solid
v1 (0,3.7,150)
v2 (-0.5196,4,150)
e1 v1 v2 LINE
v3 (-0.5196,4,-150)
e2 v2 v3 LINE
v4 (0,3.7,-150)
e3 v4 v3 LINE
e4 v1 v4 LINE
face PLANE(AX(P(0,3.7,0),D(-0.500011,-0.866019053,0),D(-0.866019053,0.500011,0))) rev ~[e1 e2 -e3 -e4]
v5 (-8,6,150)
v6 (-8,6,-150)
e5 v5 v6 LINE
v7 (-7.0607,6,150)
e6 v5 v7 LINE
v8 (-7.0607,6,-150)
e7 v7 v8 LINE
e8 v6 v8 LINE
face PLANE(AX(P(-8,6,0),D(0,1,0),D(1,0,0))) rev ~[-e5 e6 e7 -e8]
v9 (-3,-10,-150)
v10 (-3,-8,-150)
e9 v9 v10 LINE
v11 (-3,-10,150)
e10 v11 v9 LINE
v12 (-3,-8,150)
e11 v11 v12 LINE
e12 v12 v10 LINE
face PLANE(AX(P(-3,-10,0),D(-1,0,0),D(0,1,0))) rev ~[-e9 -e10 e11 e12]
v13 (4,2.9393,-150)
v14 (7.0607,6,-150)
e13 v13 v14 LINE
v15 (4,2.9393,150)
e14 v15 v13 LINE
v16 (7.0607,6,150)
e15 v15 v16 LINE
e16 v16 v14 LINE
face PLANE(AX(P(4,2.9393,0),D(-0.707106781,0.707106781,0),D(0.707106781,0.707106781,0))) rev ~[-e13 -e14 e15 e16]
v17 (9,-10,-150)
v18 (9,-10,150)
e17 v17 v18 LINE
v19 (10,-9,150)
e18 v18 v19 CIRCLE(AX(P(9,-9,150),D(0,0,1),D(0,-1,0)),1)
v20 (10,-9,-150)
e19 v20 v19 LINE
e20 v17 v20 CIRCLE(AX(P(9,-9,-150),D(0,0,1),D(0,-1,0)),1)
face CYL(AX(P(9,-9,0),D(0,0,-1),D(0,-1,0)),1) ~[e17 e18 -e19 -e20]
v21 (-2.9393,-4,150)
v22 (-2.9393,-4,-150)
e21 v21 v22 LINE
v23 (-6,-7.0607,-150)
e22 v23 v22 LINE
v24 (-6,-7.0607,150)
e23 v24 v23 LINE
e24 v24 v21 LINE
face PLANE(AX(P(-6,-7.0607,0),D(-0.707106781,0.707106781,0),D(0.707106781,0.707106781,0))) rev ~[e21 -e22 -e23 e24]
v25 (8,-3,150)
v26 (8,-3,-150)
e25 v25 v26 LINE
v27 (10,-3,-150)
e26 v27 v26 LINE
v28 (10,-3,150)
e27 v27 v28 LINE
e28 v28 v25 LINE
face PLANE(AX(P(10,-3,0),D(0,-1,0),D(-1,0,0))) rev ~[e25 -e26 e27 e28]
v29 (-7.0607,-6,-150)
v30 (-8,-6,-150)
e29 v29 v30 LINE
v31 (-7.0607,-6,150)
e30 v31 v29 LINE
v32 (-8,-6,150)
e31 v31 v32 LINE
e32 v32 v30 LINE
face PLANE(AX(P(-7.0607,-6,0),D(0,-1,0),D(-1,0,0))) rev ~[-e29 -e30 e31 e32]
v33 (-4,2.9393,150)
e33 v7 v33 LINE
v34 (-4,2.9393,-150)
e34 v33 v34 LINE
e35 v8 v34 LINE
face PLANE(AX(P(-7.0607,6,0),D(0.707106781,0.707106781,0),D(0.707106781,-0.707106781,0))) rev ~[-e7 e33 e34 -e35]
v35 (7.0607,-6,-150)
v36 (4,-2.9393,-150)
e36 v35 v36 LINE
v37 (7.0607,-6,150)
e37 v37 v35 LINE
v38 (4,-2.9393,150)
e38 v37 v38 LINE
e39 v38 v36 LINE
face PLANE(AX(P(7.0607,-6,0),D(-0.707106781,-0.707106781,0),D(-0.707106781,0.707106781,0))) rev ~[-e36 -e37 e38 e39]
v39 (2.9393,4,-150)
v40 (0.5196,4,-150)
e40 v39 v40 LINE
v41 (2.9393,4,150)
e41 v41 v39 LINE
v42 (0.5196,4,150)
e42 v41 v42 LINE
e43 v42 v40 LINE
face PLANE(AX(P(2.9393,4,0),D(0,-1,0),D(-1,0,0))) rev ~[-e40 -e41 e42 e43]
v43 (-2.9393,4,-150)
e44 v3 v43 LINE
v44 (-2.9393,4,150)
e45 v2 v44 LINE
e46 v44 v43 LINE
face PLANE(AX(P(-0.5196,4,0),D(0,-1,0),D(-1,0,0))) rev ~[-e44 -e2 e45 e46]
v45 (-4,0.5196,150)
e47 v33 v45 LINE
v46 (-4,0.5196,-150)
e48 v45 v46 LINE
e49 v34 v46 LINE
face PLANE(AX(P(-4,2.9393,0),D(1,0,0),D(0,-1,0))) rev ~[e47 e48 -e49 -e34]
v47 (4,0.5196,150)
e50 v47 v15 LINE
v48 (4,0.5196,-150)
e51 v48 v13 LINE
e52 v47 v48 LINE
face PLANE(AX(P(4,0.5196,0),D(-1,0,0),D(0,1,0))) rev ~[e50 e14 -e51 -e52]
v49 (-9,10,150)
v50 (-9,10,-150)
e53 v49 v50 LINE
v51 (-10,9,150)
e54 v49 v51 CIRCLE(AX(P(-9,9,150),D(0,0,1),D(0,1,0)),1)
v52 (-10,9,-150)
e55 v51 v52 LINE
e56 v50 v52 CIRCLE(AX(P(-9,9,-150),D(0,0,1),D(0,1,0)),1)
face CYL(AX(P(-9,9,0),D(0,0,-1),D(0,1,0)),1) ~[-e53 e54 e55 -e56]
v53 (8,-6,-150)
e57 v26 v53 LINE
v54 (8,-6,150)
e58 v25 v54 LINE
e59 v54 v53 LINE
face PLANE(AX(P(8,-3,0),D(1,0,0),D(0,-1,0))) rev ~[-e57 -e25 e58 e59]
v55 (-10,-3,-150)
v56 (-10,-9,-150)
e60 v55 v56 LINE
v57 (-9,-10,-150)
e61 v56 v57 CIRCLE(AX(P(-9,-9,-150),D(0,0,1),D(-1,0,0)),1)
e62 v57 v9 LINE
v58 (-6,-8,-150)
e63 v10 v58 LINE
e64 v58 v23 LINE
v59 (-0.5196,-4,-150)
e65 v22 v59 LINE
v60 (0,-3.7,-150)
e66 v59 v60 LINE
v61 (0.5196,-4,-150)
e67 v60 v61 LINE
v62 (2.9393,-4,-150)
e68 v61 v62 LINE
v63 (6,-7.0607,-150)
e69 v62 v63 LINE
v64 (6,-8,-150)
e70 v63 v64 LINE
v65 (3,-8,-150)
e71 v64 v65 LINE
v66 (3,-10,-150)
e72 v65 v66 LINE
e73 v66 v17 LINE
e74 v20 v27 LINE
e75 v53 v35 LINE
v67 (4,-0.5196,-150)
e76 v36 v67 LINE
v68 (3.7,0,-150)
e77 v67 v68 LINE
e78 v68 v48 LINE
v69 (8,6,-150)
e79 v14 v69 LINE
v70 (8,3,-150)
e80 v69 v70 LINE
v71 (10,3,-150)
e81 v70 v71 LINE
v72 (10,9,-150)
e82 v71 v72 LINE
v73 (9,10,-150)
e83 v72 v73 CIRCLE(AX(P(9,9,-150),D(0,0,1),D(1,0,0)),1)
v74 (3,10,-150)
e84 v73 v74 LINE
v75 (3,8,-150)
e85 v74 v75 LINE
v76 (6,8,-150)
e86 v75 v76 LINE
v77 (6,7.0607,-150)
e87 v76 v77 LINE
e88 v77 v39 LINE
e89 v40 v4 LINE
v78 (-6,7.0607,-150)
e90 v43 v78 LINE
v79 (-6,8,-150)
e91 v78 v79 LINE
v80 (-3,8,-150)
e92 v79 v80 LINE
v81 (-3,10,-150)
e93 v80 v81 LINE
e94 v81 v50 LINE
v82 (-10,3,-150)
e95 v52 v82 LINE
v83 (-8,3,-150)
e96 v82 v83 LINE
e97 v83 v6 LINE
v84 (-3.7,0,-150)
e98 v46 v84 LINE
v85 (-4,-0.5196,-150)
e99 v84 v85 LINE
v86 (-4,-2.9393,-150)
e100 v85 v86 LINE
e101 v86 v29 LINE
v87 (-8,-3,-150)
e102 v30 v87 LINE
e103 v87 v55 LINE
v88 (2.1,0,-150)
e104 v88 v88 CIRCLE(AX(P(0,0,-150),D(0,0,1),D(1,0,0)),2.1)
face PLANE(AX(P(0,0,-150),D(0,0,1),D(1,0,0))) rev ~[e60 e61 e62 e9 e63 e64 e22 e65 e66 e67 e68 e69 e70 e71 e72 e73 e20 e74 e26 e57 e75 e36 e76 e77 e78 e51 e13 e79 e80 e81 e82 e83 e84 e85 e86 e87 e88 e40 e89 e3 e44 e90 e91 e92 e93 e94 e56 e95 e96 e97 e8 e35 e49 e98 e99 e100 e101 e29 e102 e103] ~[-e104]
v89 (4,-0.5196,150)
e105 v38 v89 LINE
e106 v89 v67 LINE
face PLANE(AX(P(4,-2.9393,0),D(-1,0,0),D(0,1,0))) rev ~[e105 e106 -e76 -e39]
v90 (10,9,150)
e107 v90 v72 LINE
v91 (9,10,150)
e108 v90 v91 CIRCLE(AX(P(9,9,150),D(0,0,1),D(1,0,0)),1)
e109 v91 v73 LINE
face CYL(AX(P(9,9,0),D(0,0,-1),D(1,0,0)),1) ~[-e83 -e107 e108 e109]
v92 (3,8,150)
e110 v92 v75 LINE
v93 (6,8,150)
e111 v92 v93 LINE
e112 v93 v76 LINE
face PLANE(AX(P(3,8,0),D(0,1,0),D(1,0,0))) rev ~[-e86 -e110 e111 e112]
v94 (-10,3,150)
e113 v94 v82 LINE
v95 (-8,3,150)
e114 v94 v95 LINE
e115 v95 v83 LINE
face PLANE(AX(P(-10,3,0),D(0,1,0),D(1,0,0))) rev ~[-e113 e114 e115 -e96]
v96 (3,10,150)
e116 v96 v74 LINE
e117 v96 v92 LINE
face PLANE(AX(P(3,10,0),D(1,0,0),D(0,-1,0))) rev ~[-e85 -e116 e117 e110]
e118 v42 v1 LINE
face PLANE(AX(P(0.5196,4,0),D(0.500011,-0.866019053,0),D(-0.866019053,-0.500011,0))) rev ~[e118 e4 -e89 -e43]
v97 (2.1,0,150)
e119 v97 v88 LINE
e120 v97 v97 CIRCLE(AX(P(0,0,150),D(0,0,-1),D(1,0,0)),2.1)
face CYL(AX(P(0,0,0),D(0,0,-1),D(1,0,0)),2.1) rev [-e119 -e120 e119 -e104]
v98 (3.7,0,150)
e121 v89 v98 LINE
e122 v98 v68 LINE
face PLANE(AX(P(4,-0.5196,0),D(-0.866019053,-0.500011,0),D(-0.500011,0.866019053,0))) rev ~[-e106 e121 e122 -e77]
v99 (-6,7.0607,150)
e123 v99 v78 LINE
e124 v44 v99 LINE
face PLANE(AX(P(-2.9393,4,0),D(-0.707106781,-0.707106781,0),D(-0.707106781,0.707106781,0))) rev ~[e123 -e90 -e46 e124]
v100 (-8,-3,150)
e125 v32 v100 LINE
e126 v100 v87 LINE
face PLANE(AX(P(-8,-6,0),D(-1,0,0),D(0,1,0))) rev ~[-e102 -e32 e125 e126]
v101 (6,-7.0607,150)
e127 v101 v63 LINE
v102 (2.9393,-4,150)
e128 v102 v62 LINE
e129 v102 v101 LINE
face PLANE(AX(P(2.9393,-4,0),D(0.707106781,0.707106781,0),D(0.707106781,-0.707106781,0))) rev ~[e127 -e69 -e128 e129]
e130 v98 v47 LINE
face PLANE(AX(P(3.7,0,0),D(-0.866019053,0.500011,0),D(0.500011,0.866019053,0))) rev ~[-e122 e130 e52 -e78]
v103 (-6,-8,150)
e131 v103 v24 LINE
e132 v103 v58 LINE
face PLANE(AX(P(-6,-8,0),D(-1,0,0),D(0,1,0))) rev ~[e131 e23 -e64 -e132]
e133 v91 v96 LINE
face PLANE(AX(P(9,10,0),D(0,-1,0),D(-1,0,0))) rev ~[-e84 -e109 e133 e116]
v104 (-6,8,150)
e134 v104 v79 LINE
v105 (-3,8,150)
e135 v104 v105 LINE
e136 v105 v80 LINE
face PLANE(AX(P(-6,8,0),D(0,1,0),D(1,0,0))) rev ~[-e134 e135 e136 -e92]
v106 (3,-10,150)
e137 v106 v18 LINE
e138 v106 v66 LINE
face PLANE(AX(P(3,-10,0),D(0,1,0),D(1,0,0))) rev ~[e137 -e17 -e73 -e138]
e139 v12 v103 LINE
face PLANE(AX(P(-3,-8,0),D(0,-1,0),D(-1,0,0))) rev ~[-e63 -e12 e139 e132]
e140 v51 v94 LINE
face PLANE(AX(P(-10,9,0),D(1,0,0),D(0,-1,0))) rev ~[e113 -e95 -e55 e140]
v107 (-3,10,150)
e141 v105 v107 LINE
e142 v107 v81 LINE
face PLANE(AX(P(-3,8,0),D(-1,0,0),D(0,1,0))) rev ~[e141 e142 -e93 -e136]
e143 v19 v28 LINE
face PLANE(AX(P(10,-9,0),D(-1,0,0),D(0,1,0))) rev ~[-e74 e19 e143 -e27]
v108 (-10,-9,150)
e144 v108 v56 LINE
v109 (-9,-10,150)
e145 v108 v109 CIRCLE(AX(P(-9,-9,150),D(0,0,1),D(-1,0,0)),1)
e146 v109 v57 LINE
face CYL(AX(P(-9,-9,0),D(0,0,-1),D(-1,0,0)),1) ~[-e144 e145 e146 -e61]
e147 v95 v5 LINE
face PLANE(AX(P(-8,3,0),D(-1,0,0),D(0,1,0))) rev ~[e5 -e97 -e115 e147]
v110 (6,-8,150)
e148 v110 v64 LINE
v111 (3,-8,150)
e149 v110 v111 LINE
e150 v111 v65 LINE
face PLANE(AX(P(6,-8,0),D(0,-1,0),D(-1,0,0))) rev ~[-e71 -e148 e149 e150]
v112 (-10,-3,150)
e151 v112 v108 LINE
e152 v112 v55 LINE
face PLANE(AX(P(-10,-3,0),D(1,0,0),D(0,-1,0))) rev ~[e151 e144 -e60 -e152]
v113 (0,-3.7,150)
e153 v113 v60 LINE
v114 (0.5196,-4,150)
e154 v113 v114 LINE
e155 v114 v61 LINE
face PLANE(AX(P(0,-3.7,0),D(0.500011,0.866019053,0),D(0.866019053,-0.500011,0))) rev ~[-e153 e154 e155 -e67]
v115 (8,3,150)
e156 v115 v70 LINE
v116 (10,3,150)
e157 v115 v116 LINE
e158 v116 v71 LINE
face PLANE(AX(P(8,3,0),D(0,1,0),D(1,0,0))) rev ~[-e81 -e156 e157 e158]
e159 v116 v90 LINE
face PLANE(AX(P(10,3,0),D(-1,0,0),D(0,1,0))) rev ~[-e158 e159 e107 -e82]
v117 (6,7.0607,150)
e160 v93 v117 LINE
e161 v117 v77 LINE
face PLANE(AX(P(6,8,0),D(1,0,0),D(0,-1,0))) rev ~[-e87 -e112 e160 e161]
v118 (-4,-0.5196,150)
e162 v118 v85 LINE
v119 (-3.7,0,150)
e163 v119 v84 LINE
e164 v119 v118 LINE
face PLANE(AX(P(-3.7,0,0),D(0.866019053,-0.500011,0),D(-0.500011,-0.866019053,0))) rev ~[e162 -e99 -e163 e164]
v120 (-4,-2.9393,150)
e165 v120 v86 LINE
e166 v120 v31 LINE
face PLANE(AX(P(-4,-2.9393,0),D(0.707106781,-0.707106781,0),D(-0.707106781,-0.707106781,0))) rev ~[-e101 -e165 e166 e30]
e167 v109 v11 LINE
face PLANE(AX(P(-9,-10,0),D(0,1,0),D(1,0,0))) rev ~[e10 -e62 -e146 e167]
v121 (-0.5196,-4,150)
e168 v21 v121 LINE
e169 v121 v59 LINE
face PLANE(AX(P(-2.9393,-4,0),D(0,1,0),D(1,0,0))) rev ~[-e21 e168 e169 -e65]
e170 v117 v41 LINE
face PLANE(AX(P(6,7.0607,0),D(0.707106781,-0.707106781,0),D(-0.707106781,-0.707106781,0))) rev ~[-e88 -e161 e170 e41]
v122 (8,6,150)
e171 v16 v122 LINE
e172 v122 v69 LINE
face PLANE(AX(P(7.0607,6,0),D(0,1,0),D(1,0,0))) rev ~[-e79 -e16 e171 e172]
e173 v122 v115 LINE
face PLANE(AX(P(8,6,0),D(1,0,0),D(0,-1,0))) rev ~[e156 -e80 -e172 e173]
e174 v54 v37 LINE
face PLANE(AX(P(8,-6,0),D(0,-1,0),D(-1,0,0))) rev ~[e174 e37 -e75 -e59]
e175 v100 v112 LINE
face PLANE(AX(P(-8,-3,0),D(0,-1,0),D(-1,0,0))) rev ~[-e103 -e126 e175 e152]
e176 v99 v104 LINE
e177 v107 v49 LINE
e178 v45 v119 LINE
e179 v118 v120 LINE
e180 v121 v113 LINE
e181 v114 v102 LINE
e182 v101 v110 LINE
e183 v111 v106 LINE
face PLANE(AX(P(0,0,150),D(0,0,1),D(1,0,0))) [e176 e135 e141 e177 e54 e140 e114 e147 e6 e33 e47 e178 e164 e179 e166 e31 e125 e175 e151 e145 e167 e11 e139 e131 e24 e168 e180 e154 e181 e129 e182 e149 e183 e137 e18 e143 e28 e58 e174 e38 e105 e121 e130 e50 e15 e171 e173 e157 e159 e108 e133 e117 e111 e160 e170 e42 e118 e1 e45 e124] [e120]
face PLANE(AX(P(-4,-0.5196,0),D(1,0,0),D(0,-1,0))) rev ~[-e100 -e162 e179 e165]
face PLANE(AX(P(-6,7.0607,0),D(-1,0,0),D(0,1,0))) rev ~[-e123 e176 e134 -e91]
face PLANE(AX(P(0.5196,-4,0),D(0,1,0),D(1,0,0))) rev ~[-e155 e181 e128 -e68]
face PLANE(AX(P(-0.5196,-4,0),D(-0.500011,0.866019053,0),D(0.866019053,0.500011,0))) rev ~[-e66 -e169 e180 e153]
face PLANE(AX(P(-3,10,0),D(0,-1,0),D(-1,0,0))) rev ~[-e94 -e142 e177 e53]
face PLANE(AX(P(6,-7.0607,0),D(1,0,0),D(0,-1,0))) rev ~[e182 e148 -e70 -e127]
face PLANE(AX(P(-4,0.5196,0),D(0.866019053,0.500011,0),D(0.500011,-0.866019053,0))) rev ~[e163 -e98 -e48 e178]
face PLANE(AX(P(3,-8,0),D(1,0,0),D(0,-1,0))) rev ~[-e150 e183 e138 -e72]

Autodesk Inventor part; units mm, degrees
ref_plane "YZ Plane" through (0, 0, 0) normal (1, 0, 0) x (0, 1, 0)
ref_plane "XZ Plane" through (0, 0, 0) normal (0, 1, 0) x (-1, 0, 0)
ref_plane "XY Plane" through (0, 0, 0) normal (0, 0, 1) x (1, 0, 0)
sketch "Sketch1" plane through (0, 0, 0) normal (0, 0, 1) x (1, 0, 0)
  line L0 (-2.205, 0) -> (2.205, 0)
  line L1 (0, -2.205) -> (0, 2.205)
  arc A0 (9, -10) -> (10, -9) centre (9, -9) ccw
  line L2 (-10, 9) -> (-10, 3)
  line L3 (-10, 3) -> (-8, 3)
  line L4 (-8, 3) -> (-8, 6)
  line L5 (-8, 6) -> (-7.0607, 6)
  line L6 (-7.0607, 6) -> (-4, 2.9393)
  line L7 (-4, 2.9393) -> (-4, 0.5196)
  line L8 (-4, 0.5196) -> (-3.7, 0)
  line L9 (-3.7, 0) -> (-4, -0.5196)
  line L10 (-4, -0.5196) -> (-4, -2.9393)
  line L11 (-4, -2.9393) -> (-7.0607, -6)
  line L12 (-7.0607, -6) -> (-8, -6)
  line L13 (-8, -6) -> (-8, -3)
  line L14 (-8, -3) -> (-10, -3)
  line L15 (-10, -3) -> (-10, -9)
  arc A1 (-10, -9) -> (-9, -10) centre (-9, -9) ccw
  line L16 (-9, -10) -> (-3, -10)
  line L17 (-3, -10) -> (-3, -8)
  line L18 (-3, -8) -> (-6, -8)
  line L19 (-6, -7.0607) -> (-2.9393, -4)
  line L20 (-2.9393, -4) -> (-0.5196, -4)
  line L21 (-0.5196, -4) -> (0, -3.7)
  line L22 (0, -3.7) -> (0.5196, -4)
  line L23 (0.5196, -4) -> (2.9393, -4)
  line L24 (2.9393, -4) -> (6, -7.0607)
  line L25 (6, -7.0607) -> (6, -8)
  line L26 (6, -8) -> (3, -8)
  line L27 (3, -8) -> (3, -10)
  line L28 (3, -10) -> (9, -10)
  line L29 (10, -9) -> (10, -3)
  line L30 (10, -3) -> (8, -3)
  line L31 (8, -3) -> (8, -6)
  line L32 (8, -6) -> (7.0607, -6)
  line L33 (7.0607, -6) -> (4, -2.9393)
  line L34 (4, -2.9393) -> (4, -0.5196)
  line L35 (4, -0.5196) -> (3.7, 0)
  line L36 (3.7, 0) -> (4, 0.5196)
  line L37 (4, 0.5196) -> (4, 2.9393)
  line L38 (4, 2.9393) -> (7.0607, 6)
  line L39 (7.0607, 6) -> (8, 6)
  line L40 (8, 6) -> (8, 3)
  line L41 (8, 3) -> (10, 3)
  line L42 (10, 3) -> (10, 9)
  arc A2 (10, 9) -> (9, 10) centre (9, 9) ccw
  line L43 (9, 10) -> (3, 10)
  line L44 (3, 10) -> (3, 8)
  line L45 (3, 8) -> (6, 8)
  line L46 (6, 8) -> (6, 7.0607)
  line L47 (6, 7.0607) -> (2.9393, 4)
  line L48 (2.9393, 4) -> (0.5196, 4)
  line L49 (0.5196, 4) -> (0, 3.7)
  line L50 (0, 3.7) -> (-0.5196, 4)
  line L51 (-0.5196, 4) -> (-2.9393, 4)
  line L52 (-2.9393, 4) -> (-6, 7.0607)
  line L53 (-6, 7.0607) -> (-6, 8)
  line L54 (-6, 8) -> (-3, 8)
  line L55 (-3, 8) -> (-3, 10)
  line L56 (-3, 10) -> (-9, 10)
  arc A3 (-9, 10) -> (-10, 9) centre (-9, 9) ccw
  circle A4 centre (0, 0) radius 2.1
  line L57 (-6, -8) -> (-6, -7.0607)
extrude "Extrusion1" add sketch "Sketch1" along normal mid plane 300
equation "\"d0\" = width"
equation "\"width\" = 300"
equation "\"acrylicThickness\" = 3.125"
properties part number "HFS5-2020" material "Aluminum 6061"
